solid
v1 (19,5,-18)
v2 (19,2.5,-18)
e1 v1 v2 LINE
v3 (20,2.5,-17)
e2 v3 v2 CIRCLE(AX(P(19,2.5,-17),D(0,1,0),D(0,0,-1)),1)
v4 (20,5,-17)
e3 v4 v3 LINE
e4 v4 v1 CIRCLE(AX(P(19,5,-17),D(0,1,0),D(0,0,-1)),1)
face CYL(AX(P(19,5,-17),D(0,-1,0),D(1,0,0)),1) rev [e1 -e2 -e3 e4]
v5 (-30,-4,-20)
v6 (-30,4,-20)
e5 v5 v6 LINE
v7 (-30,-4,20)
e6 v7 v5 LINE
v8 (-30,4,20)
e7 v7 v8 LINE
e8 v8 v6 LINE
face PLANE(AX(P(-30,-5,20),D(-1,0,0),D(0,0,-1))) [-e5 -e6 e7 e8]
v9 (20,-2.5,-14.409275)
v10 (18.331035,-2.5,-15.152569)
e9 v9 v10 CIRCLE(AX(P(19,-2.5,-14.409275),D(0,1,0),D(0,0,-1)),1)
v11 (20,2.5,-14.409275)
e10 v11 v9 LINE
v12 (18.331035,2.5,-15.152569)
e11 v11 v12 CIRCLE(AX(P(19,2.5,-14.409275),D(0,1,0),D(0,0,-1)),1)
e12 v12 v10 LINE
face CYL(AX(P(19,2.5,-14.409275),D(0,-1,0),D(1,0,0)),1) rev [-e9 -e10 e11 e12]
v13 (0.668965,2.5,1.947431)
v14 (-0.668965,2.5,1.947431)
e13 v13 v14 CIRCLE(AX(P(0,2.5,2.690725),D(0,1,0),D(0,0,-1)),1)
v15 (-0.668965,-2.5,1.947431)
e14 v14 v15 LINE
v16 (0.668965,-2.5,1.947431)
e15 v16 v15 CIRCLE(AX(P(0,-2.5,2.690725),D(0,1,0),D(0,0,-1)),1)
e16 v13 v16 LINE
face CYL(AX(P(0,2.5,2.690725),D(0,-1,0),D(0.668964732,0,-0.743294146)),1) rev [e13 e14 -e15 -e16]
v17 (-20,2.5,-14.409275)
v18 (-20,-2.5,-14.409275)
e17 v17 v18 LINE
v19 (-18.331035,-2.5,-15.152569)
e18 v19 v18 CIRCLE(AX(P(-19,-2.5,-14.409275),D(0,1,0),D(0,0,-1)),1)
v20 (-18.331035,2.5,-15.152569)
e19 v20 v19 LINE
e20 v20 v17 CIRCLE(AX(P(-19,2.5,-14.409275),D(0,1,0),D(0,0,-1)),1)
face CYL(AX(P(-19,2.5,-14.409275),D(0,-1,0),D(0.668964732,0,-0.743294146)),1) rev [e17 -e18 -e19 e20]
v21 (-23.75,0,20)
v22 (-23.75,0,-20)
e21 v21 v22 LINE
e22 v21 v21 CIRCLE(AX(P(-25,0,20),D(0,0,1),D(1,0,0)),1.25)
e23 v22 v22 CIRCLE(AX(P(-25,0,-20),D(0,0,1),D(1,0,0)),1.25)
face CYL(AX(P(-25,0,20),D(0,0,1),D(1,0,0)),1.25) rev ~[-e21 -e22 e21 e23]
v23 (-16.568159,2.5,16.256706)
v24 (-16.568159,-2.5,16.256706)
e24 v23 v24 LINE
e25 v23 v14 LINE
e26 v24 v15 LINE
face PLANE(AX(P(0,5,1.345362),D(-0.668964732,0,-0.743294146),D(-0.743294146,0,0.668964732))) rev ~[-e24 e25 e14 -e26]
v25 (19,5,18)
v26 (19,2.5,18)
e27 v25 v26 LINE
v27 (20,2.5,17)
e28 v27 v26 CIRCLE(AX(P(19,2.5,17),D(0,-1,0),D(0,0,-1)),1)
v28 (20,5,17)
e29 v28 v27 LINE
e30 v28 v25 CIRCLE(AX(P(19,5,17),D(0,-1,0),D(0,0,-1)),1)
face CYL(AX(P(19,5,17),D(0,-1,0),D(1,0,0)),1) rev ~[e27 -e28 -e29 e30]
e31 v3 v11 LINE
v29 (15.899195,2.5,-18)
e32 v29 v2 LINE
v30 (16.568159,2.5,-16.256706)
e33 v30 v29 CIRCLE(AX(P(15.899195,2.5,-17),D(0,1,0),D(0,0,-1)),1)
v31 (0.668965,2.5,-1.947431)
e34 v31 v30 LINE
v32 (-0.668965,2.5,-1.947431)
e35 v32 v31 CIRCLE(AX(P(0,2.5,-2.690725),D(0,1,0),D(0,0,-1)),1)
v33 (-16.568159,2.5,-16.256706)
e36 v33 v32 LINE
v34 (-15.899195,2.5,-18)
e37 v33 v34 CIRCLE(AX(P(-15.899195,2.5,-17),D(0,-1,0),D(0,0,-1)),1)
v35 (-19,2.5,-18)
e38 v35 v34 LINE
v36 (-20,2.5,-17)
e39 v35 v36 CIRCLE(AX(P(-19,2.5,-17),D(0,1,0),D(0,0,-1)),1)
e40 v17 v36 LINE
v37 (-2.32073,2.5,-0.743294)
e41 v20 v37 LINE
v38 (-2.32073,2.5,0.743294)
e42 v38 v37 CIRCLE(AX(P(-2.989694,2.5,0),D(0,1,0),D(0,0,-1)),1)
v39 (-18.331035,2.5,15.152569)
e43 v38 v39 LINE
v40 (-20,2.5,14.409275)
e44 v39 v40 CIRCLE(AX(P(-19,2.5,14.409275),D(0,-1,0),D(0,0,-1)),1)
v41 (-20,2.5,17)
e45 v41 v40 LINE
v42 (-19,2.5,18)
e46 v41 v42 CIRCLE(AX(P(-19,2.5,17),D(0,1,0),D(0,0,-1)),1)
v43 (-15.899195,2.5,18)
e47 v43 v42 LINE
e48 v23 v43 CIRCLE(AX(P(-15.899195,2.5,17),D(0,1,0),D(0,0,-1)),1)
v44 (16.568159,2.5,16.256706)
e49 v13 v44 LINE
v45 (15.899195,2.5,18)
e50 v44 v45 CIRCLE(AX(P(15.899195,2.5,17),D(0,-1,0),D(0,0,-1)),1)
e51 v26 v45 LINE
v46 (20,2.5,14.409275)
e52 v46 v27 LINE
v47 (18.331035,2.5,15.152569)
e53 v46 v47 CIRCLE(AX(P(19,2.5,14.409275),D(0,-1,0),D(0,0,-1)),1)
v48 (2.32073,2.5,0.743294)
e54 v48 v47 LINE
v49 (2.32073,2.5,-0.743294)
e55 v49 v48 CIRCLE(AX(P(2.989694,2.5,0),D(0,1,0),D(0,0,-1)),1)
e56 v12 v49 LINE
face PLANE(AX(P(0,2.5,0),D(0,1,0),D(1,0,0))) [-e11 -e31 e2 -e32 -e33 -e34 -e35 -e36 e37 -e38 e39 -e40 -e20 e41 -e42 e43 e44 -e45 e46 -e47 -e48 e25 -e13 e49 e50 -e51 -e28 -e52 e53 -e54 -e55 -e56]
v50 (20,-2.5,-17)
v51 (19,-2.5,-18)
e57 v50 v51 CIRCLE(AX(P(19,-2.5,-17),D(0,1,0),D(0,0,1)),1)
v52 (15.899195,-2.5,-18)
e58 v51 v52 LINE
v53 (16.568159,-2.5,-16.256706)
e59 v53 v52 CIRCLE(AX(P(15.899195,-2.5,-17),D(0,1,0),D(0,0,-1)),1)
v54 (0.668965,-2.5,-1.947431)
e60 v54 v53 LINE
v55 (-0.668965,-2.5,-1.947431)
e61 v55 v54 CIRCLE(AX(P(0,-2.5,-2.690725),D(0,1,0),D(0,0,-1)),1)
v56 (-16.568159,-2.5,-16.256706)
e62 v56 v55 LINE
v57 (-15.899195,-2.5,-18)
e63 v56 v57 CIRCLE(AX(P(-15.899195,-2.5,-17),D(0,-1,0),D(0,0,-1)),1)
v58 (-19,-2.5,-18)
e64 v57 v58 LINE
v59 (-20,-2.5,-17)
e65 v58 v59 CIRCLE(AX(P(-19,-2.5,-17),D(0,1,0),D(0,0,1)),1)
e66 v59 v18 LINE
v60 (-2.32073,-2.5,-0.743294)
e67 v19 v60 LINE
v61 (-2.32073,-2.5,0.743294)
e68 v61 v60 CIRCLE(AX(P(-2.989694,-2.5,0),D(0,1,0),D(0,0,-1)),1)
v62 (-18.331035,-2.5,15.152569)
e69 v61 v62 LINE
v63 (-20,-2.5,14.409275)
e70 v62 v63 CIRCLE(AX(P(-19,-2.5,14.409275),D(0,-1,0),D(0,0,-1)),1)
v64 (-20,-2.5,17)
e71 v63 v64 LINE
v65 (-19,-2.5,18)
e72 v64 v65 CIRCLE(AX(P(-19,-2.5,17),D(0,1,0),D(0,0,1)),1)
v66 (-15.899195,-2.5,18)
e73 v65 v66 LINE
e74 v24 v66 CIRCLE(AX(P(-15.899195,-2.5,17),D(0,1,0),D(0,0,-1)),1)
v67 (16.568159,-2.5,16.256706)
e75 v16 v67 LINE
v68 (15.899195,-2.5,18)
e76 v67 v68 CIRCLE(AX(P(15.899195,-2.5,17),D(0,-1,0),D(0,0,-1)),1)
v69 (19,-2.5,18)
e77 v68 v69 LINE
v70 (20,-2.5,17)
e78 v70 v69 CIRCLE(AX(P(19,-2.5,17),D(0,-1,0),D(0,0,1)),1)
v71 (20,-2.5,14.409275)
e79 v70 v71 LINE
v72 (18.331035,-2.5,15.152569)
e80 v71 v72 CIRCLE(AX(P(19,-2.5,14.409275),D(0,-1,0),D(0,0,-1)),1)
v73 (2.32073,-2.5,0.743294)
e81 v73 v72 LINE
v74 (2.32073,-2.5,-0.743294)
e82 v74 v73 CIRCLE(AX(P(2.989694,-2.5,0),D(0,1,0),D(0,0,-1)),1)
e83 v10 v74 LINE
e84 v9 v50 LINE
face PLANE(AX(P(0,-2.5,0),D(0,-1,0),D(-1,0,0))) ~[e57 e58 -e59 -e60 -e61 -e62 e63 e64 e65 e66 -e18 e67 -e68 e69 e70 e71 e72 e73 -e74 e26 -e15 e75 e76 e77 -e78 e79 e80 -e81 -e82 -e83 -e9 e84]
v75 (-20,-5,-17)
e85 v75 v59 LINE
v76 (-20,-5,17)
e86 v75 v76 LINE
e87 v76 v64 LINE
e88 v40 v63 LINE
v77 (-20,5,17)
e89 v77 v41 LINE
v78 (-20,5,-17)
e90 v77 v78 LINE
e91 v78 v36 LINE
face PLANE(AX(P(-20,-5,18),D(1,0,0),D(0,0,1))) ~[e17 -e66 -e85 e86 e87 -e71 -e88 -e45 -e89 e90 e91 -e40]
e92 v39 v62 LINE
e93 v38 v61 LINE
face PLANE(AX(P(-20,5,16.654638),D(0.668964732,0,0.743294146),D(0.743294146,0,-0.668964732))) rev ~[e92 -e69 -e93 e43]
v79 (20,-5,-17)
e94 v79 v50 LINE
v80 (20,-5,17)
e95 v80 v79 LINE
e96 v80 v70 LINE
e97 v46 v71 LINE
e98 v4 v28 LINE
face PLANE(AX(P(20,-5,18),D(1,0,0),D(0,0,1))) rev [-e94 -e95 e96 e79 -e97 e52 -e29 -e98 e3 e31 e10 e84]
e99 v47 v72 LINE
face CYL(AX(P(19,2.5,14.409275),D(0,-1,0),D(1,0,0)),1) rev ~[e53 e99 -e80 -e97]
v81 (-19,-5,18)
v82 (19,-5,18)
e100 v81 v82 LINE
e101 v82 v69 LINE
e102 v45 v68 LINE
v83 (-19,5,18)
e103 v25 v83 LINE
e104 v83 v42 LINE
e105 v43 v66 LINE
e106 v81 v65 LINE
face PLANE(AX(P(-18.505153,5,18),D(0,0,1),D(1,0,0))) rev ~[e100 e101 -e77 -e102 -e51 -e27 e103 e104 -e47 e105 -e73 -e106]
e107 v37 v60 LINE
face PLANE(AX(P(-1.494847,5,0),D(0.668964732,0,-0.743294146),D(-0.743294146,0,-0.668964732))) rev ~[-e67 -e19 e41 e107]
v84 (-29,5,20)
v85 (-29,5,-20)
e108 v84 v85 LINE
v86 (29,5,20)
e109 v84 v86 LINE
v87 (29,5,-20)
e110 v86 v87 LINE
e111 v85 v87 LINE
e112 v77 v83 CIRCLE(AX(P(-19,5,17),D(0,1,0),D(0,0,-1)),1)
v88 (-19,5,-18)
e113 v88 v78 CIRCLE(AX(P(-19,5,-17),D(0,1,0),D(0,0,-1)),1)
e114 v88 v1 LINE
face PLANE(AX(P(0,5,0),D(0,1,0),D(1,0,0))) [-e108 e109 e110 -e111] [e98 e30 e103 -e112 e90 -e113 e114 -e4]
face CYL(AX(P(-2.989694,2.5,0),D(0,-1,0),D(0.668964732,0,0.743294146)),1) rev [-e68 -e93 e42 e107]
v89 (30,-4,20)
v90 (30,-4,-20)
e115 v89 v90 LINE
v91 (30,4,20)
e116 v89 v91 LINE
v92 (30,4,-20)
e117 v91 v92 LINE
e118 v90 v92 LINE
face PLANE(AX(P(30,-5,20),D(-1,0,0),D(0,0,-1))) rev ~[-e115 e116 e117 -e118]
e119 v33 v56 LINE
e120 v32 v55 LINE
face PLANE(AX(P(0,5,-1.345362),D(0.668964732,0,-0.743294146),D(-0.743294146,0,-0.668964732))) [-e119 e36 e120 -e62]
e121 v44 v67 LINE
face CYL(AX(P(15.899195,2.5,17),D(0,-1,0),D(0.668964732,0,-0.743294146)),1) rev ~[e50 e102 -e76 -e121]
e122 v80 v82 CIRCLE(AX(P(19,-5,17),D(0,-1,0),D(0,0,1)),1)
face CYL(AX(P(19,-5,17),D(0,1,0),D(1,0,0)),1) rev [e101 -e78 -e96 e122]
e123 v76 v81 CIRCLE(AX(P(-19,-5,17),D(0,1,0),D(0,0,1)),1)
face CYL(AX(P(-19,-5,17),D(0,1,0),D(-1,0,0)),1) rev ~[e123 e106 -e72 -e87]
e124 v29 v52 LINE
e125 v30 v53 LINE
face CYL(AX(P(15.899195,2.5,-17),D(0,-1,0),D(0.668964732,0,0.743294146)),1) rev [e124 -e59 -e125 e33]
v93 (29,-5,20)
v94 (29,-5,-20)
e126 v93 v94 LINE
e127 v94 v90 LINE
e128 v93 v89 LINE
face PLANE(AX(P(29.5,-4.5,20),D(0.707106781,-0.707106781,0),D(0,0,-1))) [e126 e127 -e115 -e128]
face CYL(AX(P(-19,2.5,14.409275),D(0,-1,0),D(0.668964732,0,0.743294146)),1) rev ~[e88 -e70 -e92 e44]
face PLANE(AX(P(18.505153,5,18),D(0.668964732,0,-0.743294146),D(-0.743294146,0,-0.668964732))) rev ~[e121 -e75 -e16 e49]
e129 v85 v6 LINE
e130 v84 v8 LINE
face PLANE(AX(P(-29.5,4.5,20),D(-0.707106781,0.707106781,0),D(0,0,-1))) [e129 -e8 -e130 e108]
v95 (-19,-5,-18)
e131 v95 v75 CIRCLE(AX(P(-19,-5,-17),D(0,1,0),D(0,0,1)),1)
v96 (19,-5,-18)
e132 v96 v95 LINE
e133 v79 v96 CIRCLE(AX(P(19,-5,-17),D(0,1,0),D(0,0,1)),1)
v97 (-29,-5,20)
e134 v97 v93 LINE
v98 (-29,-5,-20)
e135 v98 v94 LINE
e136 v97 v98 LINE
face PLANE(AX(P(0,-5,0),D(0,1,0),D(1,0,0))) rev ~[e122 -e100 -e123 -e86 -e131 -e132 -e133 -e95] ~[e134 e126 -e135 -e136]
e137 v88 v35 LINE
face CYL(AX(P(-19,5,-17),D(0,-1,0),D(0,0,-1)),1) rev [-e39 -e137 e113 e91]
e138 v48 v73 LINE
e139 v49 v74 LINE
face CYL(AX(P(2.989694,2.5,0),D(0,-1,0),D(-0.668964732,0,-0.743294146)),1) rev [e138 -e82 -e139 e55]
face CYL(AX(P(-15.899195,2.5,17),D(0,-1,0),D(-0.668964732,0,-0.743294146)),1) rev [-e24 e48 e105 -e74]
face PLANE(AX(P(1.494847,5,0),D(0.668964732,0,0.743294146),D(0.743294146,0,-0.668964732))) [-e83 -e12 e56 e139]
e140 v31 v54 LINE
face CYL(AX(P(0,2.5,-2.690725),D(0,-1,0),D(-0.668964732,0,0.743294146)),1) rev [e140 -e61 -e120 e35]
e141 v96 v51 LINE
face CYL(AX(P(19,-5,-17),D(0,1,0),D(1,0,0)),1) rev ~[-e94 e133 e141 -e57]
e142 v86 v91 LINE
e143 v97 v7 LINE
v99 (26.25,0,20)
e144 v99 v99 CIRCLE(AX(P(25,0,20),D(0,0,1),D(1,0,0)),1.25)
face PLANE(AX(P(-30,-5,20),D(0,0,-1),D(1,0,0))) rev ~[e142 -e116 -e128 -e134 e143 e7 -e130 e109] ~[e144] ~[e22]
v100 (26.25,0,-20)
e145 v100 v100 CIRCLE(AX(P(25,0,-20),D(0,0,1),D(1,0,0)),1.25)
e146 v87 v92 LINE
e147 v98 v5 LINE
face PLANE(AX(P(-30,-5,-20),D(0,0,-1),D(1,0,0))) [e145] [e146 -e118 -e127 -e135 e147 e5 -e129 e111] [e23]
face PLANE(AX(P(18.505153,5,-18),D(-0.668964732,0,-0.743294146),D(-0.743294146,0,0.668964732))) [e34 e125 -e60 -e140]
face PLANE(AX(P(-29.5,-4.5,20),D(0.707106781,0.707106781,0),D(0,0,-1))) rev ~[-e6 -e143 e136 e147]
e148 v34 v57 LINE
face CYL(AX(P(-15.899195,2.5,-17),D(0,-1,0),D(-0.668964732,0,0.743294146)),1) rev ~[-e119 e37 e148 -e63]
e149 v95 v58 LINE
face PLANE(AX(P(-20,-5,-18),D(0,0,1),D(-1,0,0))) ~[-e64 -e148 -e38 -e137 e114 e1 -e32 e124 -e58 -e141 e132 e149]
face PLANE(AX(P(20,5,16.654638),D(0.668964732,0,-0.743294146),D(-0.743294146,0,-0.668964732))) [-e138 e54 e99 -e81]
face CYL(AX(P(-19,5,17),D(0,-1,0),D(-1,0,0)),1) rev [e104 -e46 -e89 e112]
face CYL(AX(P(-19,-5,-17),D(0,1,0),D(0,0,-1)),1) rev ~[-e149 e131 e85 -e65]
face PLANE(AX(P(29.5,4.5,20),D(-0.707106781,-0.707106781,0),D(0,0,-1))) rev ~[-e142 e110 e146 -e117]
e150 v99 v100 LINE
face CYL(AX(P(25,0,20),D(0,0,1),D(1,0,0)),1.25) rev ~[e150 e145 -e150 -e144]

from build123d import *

# Parameters (mm, degrees)
EXTRUDE_428_DEPTH      = 5
EXTRUDE_428_DEPTH_BACK = 5
SKETCH_1_W             = 60
SKETCH_1_H             = 40
SKETCH_5_R             = 1.25
CUT_EXTRUDE_682_DEPTH  = 51.249378106
CUT_EXTRUDE_1222_DEPTH = 38.416573868
SKETCH_7_W             = 40
SKETCH_7_H             = 36
CUT_EXTRUDE_1460_DEPTH = 2.5
FILLET_1_R             = 1
FILLET_2_R             = 1
CHAMFER_1_SIZE         = 1


with BuildPart() as part:
    # Эскиз1 → Extrude 428 (new, two sides: drawn at the far end of the back side and taken through both)
    with BuildSketch(Plane(origin=(0, 0, 0), x_dir=(1, 0, 0), z_dir=(0, 1, 0)).offset(-EXTRUDE_428_DEPTH_BACK)):
        Rectangle(SKETCH_1_W, SKETCH_1_H)
    extrude(amount=EXTRUDE_428_DEPTH + EXTRUDE_428_DEPTH_BACK)

    # Эскиз5 → Cut-Extrude 682 (cut, through all)
    with BuildSketch(Plane.XY.offset(20)):
        with Locations((-25, 0)):
            Circle(SKETCH_5_R)
        with Locations((25, 0)):
            Circle(SKETCH_5_R)
    extrude(amount=-CUT_EXTRUDE_682_DEPTH, mode=Mode.SUBTRACT)

    # Эскиз6 → Cut-Extrude 1222 (cut, through all)
    with BuildSketch(Plane(origin=(0, 5, 0), x_dir=(1, 0, 0), z_dir=(0, 1, 0))):
        Polygon((-18.505152884, 18), (18.505152884, 18), (0, 1.345362405), align=None)
        Polygon((20, 16.654637595), (20, -16.654637595), (1.494847116, 0), align=None)
        Polygon((-18.505152884, -18), (18.505152884, -18), (0, -1.345362405), align=None)
        Polygon((-20, 16.654637595), (-20, -16.654637595), (-1.494847116, 0), align=None)
    extrude(amount=-CUT_EXTRUDE_1222_DEPTH, mode=Mode.SUBTRACT)

    # Эскиз7 → Cut-Extrude 1460 (cut)
    with BuildSketch(Plane(origin=(0, 5, 0), x_dir=(1, 0, 0), z_dir=(0, 1, 0))):
        Rectangle(SKETCH_7_W, SKETCH_7_H)
    cut_extrude_1460 = extrude(amount=-CUT_EXTRUDE_1460_DEPTH, mode=Mode.SUBTRACT)

    # Зеркальное отражение1: Cut-Extrude 1460 across plane
    add(cut_extrude_1460.mirror(Plane.ZX), mode=Mode.SUBTRACT)

    # Скругление1
    fillet_1_edges = [part.edges().sort_by_distance(p)[0] for p in [
        (18.505152884, 0, 18),
        (-18.505152884, 0, 18),
        (-20, 0, 16.654637595),
        (-20, 0, -16.654637595),
        (-18.505152884, 0, -18),
        (18.505152884, 0, -18),
        (20, 0, -16.654637595),
        (20, 0, 16.654637595),
        (-20, -3.75, -18),
        (-20, -3.75, 18),
        (20, -3.75, 18),
        (20, -3.75, -18),
        (20, 3.75, -18),
        (-20, 3.75, -18),
        (-20, 3.75, 18),
        (20, 3.75, 18),
    ]]
    fillet(fillet_1_edges, radius=FILLET_1_R)

    # Скругление2
    fillet_2_edges = [part.edges().sort_by_distance(p)[0] for p in [
        (0, 0, 1.345362405),
        (-1.494847116, 0, 0),
        (0, 0, -1.345362405),
        (1.494847116, 0, 0),
    ]]
    fillet(fillet_2_edges, radius=FILLET_2_R)

    # Фаска1
    chamfer_1_edges = [part.edges().sort_by_distance(p)[0] for p in [
        (30, -5, 0),
        (-30, 5, 0),
        (30, 5, 0),
        (-30, -5, 0),
    ]]
    chamfer(chamfer_1_edges, length=CHAMFER_1_SIZE)


solid = part.part
